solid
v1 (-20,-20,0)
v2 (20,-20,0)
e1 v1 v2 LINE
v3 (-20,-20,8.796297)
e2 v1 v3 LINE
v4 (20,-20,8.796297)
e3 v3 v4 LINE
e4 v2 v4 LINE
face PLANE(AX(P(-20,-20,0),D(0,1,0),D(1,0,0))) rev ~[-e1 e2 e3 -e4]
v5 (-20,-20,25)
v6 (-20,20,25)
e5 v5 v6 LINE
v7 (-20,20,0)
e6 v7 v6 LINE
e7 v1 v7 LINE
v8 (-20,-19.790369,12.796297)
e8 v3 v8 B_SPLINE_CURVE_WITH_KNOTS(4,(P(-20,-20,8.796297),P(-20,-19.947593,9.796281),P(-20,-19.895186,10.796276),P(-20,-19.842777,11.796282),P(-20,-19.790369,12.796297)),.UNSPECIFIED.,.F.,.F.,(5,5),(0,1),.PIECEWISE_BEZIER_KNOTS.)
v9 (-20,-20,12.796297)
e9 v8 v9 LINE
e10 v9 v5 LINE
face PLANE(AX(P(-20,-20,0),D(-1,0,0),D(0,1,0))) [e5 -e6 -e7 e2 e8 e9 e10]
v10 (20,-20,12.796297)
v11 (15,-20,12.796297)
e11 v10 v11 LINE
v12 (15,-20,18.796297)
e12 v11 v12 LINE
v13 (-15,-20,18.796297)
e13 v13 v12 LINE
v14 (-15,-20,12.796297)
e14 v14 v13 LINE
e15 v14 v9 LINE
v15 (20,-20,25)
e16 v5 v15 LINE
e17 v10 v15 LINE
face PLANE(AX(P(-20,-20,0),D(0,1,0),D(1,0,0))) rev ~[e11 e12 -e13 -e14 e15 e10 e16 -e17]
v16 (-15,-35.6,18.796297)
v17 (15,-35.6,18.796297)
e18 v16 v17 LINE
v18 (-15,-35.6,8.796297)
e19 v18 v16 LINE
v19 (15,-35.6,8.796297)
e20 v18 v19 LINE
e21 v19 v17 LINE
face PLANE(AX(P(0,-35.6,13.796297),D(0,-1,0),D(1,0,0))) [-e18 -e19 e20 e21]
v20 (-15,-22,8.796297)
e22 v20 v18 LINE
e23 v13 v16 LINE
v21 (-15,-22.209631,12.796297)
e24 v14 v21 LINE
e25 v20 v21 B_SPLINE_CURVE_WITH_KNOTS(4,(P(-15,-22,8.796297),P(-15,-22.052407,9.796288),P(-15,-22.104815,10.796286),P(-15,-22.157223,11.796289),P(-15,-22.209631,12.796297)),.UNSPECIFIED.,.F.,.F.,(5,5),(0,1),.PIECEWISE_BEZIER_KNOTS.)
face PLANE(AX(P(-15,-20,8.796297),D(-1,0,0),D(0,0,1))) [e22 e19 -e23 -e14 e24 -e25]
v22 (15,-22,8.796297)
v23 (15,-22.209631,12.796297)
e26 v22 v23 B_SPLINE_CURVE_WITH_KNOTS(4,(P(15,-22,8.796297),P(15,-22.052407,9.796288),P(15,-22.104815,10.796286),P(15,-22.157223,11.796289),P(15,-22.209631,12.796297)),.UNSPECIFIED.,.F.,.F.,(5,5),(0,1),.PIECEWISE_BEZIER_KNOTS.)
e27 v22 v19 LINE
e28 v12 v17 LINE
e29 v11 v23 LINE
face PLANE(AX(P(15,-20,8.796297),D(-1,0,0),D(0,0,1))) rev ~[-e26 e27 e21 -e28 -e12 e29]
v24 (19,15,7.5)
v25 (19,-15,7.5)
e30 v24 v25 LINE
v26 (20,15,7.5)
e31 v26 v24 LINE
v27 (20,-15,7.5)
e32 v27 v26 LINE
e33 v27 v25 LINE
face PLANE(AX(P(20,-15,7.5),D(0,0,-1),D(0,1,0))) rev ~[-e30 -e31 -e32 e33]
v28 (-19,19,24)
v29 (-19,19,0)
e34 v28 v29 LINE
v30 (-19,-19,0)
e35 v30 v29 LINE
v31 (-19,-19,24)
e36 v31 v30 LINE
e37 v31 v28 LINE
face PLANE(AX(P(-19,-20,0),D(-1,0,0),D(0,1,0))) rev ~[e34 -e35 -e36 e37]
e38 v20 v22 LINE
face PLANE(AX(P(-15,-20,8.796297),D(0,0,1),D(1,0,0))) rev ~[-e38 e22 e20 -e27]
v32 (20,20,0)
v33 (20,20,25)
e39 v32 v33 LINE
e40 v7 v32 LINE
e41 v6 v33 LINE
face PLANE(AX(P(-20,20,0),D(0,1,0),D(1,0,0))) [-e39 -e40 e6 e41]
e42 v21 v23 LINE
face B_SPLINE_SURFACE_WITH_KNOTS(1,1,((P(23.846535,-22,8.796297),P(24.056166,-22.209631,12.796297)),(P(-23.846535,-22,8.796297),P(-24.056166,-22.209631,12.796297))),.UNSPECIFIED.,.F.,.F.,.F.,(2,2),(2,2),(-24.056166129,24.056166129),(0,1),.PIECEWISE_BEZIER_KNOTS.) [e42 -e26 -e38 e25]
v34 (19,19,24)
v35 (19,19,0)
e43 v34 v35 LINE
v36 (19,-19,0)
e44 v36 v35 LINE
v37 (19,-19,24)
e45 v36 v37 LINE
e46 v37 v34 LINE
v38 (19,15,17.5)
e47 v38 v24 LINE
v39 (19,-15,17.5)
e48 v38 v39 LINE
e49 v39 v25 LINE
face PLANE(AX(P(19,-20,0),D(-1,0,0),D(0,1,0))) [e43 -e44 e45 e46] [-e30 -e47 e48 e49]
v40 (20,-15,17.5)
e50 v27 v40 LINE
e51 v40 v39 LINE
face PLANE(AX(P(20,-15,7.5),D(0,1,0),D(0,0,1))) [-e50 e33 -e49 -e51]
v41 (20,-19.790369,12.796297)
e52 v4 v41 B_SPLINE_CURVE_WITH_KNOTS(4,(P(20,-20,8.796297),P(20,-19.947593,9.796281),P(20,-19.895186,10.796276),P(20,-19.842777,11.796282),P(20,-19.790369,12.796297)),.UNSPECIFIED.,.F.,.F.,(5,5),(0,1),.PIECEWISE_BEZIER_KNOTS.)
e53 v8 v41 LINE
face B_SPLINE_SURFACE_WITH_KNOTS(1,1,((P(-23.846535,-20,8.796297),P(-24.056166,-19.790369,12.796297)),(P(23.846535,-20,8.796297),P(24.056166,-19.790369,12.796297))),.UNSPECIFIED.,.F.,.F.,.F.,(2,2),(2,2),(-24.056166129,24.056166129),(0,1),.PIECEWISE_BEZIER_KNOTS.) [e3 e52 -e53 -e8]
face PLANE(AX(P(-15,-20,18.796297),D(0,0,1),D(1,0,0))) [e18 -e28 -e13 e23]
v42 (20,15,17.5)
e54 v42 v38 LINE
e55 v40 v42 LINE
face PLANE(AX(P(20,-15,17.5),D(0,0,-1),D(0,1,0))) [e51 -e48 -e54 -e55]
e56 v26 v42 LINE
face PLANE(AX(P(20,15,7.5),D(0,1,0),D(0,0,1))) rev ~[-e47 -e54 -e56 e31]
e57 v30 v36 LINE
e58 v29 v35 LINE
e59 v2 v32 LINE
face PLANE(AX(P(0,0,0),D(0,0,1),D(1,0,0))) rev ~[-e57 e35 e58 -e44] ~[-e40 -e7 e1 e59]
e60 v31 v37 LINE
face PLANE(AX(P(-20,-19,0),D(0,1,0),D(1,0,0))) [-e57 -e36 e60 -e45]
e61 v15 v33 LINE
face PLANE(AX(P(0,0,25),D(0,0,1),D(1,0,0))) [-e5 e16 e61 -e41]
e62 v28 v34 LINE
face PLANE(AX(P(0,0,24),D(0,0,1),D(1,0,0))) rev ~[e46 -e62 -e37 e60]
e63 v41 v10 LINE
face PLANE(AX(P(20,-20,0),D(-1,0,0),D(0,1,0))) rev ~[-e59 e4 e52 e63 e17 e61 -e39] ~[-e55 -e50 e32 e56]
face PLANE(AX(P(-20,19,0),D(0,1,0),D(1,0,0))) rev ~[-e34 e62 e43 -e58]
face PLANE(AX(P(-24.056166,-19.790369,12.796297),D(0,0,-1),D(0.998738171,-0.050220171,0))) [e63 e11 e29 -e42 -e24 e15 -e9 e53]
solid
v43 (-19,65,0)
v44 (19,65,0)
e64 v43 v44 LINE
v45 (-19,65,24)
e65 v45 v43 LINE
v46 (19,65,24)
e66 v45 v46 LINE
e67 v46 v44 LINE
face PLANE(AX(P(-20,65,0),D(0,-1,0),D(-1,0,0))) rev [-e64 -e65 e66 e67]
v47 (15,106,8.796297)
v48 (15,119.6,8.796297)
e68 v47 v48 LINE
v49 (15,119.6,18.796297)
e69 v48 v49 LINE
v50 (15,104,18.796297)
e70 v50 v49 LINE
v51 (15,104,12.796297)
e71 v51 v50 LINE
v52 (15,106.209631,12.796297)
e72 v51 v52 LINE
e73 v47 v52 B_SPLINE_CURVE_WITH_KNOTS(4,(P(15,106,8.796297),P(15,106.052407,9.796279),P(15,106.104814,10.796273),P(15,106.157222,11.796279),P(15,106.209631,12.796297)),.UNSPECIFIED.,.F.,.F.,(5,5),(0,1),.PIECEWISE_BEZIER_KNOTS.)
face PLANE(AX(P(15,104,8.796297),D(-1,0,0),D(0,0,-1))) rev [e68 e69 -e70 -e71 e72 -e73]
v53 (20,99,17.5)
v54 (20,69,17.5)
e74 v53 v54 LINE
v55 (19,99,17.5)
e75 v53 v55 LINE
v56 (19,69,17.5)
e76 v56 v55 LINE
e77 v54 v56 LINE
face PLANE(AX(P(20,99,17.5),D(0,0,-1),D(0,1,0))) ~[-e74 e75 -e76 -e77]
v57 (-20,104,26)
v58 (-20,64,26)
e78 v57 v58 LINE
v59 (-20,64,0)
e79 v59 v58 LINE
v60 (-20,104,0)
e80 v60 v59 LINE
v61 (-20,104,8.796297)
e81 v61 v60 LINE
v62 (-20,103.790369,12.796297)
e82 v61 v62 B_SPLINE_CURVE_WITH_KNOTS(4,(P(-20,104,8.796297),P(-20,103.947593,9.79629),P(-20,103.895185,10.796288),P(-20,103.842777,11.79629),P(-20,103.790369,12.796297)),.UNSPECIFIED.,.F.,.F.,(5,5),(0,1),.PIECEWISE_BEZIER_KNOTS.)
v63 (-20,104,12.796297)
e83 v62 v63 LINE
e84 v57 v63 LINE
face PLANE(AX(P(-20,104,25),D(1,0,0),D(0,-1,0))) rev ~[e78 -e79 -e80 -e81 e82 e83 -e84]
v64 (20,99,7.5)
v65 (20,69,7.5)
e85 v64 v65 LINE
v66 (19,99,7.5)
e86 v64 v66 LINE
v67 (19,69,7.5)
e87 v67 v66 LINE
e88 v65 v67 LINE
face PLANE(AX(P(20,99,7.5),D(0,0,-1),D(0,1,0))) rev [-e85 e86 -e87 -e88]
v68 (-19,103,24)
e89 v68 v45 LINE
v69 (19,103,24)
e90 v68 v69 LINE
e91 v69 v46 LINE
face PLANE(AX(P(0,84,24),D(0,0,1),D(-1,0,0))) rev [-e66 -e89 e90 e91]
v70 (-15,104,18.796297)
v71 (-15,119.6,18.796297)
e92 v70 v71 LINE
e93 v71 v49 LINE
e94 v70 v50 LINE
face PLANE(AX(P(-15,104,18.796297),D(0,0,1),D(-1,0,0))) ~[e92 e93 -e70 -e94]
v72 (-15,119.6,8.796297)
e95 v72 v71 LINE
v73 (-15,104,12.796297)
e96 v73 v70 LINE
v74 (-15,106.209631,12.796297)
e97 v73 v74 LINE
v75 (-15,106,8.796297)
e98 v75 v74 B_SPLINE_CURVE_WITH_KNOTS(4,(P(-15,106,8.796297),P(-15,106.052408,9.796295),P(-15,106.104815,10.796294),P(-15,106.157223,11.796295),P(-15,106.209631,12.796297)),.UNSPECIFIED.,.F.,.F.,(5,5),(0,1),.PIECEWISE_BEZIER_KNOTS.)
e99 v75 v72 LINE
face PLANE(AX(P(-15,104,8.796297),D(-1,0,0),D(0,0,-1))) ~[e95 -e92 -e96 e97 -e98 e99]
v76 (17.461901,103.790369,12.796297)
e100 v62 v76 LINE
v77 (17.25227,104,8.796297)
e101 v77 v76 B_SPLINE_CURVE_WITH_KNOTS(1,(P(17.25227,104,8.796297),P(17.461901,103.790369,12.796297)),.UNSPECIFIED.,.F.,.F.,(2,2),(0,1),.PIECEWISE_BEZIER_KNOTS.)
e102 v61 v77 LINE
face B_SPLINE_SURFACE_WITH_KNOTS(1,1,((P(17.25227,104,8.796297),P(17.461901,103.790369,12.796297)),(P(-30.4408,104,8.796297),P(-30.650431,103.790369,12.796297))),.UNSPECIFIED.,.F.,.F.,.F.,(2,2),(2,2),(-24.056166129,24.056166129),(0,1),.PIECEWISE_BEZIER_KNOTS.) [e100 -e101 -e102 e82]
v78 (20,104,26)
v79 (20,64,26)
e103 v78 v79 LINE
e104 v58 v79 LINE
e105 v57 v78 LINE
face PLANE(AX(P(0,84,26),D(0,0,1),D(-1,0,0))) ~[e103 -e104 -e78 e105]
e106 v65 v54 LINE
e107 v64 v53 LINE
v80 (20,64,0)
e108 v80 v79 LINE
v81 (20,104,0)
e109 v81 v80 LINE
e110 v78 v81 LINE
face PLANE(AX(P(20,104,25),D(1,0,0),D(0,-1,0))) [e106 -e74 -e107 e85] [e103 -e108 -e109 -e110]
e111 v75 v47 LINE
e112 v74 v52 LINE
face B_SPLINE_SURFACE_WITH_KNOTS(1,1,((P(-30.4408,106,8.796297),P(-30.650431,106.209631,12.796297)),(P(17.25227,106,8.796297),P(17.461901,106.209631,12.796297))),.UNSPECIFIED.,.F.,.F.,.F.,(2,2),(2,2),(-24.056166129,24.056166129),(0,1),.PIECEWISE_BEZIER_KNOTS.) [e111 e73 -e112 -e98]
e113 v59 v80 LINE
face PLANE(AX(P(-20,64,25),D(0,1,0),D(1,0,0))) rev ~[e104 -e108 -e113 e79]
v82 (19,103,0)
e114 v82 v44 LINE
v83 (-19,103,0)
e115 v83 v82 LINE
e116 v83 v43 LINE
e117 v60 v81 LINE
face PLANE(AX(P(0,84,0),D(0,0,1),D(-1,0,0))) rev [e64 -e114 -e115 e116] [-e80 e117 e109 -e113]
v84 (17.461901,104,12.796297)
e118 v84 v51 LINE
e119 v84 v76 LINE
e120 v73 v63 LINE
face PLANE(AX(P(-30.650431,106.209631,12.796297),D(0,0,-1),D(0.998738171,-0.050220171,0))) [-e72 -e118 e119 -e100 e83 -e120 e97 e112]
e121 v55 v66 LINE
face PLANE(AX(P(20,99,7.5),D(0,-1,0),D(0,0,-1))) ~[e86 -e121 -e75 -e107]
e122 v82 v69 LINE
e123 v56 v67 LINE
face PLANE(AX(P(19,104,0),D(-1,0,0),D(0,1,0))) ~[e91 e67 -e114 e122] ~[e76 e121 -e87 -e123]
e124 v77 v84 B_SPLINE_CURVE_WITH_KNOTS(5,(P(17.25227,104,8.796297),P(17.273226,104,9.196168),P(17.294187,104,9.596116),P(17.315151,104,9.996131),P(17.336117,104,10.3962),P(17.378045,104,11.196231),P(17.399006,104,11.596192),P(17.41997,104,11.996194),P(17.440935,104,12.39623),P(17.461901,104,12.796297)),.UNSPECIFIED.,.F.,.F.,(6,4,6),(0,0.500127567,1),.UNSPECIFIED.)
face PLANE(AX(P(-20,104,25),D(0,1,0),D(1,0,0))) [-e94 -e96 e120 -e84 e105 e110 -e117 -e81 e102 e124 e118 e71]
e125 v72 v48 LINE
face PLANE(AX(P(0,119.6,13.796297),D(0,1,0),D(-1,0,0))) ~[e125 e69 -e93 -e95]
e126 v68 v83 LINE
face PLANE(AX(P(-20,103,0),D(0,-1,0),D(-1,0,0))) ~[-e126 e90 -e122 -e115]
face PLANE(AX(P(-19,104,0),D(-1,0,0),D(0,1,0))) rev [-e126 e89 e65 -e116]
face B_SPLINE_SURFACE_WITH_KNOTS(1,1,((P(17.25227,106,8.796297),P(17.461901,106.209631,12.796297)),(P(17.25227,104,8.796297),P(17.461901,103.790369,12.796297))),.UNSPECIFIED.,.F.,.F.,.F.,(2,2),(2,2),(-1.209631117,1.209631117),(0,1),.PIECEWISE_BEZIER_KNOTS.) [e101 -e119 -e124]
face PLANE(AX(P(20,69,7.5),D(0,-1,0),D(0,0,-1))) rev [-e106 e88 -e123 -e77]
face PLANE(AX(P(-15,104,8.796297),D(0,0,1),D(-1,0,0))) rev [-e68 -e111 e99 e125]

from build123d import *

# Parameters (mm, degrees)
F0_W      = 40
F0_H      = 40
F1_DEPTH  = 25
F2_T      = -1
F3_W      = 30
F3_H      = 10
F5_DEPTH  = 15.6
F4_W      = 30
F4_H      = 10
F6_DEPTH  = 25
F9_DEPTH  = 1
F10_W     = 47.6930700243
F10_H     = 2
F11_DEPTH = 4
F11_TAPER = -3
F12_W     = 47.6930700243
F12_H     = 2
F13_DEPTH = 4
F13_TAPER = -3


with BuildPart() as f1:
    # F0 (on Top) → F1 (new body)
    with BuildSketch(Plane.XY):
        Rectangle(F0_W, F0_H)
    extrude(amount=F1_DEPTH)

    # F2
    f2_openings = [f1.faces().sort_by_distance(p)[0] for p in [
        (0, 0, 0),
    ]]
    offset(amount=F2_T, openings=f2_openings)

    # F3 (on face) → F5 (join)
    with BuildSketch(Plane.XZ.offset(20)):
        with Locations((0, 13.7962974404)):
            Rectangle(F3_W, F3_H)
    extrude(amount=F5_DEPTH)

    # F4 (on face) → F6 (cut)
    with BuildSketch(Plane.YZ.offset(20)):
        with Locations((0, 12.5)):
            Rectangle(F4_W, F4_H)
    extrude(amount=-F6_DEPTH, mode=Mode.SUBTRACT)


with BuildPart() as f8_1:
    # F8: instance of F1
    add(f1.part.mirror(Plane.XZ.offset(-42)))

    # F9 (add): a face of the model
    f9_faces = [f8_1.faces().sort_by_distance(p)[0] for p in [
        (0, 84, 25),
    ]]
    extrude(f9_faces, amount=F9_DEPTH)

    # F12 (on face) → F13 (cut)
    with BuildSketch(Plane(origin=(0, 0, 8.7962974404), x_dir=(1, 0, 0), z_dir=(0, 0, -1))):
        with Locations((-6.5942648798, -105)):
            Rectangle(F12_W, F12_H)
    extrude(amount=-F13_DEPTH, taper=F13_TAPER, mode=Mode.SUBTRACT)


with BuildPart() as f1_1:
    add(f1.part)

    # F10 (on face) → F11 (cut)
    with BuildSketch(Plane(origin=(0, 0, 8.7962974404), x_dir=(1, 0, 0), z_dir=(0, 0, -1))):
        with Locations((0, 21)):
            Rectangle(F10_W, F10_H)
    extrude(amount=-F11_DEPTH, taper=F11_TAPER, mode=Mode.SUBTRACT)


solid = Compound([f8_1.part, f1_1.part])
